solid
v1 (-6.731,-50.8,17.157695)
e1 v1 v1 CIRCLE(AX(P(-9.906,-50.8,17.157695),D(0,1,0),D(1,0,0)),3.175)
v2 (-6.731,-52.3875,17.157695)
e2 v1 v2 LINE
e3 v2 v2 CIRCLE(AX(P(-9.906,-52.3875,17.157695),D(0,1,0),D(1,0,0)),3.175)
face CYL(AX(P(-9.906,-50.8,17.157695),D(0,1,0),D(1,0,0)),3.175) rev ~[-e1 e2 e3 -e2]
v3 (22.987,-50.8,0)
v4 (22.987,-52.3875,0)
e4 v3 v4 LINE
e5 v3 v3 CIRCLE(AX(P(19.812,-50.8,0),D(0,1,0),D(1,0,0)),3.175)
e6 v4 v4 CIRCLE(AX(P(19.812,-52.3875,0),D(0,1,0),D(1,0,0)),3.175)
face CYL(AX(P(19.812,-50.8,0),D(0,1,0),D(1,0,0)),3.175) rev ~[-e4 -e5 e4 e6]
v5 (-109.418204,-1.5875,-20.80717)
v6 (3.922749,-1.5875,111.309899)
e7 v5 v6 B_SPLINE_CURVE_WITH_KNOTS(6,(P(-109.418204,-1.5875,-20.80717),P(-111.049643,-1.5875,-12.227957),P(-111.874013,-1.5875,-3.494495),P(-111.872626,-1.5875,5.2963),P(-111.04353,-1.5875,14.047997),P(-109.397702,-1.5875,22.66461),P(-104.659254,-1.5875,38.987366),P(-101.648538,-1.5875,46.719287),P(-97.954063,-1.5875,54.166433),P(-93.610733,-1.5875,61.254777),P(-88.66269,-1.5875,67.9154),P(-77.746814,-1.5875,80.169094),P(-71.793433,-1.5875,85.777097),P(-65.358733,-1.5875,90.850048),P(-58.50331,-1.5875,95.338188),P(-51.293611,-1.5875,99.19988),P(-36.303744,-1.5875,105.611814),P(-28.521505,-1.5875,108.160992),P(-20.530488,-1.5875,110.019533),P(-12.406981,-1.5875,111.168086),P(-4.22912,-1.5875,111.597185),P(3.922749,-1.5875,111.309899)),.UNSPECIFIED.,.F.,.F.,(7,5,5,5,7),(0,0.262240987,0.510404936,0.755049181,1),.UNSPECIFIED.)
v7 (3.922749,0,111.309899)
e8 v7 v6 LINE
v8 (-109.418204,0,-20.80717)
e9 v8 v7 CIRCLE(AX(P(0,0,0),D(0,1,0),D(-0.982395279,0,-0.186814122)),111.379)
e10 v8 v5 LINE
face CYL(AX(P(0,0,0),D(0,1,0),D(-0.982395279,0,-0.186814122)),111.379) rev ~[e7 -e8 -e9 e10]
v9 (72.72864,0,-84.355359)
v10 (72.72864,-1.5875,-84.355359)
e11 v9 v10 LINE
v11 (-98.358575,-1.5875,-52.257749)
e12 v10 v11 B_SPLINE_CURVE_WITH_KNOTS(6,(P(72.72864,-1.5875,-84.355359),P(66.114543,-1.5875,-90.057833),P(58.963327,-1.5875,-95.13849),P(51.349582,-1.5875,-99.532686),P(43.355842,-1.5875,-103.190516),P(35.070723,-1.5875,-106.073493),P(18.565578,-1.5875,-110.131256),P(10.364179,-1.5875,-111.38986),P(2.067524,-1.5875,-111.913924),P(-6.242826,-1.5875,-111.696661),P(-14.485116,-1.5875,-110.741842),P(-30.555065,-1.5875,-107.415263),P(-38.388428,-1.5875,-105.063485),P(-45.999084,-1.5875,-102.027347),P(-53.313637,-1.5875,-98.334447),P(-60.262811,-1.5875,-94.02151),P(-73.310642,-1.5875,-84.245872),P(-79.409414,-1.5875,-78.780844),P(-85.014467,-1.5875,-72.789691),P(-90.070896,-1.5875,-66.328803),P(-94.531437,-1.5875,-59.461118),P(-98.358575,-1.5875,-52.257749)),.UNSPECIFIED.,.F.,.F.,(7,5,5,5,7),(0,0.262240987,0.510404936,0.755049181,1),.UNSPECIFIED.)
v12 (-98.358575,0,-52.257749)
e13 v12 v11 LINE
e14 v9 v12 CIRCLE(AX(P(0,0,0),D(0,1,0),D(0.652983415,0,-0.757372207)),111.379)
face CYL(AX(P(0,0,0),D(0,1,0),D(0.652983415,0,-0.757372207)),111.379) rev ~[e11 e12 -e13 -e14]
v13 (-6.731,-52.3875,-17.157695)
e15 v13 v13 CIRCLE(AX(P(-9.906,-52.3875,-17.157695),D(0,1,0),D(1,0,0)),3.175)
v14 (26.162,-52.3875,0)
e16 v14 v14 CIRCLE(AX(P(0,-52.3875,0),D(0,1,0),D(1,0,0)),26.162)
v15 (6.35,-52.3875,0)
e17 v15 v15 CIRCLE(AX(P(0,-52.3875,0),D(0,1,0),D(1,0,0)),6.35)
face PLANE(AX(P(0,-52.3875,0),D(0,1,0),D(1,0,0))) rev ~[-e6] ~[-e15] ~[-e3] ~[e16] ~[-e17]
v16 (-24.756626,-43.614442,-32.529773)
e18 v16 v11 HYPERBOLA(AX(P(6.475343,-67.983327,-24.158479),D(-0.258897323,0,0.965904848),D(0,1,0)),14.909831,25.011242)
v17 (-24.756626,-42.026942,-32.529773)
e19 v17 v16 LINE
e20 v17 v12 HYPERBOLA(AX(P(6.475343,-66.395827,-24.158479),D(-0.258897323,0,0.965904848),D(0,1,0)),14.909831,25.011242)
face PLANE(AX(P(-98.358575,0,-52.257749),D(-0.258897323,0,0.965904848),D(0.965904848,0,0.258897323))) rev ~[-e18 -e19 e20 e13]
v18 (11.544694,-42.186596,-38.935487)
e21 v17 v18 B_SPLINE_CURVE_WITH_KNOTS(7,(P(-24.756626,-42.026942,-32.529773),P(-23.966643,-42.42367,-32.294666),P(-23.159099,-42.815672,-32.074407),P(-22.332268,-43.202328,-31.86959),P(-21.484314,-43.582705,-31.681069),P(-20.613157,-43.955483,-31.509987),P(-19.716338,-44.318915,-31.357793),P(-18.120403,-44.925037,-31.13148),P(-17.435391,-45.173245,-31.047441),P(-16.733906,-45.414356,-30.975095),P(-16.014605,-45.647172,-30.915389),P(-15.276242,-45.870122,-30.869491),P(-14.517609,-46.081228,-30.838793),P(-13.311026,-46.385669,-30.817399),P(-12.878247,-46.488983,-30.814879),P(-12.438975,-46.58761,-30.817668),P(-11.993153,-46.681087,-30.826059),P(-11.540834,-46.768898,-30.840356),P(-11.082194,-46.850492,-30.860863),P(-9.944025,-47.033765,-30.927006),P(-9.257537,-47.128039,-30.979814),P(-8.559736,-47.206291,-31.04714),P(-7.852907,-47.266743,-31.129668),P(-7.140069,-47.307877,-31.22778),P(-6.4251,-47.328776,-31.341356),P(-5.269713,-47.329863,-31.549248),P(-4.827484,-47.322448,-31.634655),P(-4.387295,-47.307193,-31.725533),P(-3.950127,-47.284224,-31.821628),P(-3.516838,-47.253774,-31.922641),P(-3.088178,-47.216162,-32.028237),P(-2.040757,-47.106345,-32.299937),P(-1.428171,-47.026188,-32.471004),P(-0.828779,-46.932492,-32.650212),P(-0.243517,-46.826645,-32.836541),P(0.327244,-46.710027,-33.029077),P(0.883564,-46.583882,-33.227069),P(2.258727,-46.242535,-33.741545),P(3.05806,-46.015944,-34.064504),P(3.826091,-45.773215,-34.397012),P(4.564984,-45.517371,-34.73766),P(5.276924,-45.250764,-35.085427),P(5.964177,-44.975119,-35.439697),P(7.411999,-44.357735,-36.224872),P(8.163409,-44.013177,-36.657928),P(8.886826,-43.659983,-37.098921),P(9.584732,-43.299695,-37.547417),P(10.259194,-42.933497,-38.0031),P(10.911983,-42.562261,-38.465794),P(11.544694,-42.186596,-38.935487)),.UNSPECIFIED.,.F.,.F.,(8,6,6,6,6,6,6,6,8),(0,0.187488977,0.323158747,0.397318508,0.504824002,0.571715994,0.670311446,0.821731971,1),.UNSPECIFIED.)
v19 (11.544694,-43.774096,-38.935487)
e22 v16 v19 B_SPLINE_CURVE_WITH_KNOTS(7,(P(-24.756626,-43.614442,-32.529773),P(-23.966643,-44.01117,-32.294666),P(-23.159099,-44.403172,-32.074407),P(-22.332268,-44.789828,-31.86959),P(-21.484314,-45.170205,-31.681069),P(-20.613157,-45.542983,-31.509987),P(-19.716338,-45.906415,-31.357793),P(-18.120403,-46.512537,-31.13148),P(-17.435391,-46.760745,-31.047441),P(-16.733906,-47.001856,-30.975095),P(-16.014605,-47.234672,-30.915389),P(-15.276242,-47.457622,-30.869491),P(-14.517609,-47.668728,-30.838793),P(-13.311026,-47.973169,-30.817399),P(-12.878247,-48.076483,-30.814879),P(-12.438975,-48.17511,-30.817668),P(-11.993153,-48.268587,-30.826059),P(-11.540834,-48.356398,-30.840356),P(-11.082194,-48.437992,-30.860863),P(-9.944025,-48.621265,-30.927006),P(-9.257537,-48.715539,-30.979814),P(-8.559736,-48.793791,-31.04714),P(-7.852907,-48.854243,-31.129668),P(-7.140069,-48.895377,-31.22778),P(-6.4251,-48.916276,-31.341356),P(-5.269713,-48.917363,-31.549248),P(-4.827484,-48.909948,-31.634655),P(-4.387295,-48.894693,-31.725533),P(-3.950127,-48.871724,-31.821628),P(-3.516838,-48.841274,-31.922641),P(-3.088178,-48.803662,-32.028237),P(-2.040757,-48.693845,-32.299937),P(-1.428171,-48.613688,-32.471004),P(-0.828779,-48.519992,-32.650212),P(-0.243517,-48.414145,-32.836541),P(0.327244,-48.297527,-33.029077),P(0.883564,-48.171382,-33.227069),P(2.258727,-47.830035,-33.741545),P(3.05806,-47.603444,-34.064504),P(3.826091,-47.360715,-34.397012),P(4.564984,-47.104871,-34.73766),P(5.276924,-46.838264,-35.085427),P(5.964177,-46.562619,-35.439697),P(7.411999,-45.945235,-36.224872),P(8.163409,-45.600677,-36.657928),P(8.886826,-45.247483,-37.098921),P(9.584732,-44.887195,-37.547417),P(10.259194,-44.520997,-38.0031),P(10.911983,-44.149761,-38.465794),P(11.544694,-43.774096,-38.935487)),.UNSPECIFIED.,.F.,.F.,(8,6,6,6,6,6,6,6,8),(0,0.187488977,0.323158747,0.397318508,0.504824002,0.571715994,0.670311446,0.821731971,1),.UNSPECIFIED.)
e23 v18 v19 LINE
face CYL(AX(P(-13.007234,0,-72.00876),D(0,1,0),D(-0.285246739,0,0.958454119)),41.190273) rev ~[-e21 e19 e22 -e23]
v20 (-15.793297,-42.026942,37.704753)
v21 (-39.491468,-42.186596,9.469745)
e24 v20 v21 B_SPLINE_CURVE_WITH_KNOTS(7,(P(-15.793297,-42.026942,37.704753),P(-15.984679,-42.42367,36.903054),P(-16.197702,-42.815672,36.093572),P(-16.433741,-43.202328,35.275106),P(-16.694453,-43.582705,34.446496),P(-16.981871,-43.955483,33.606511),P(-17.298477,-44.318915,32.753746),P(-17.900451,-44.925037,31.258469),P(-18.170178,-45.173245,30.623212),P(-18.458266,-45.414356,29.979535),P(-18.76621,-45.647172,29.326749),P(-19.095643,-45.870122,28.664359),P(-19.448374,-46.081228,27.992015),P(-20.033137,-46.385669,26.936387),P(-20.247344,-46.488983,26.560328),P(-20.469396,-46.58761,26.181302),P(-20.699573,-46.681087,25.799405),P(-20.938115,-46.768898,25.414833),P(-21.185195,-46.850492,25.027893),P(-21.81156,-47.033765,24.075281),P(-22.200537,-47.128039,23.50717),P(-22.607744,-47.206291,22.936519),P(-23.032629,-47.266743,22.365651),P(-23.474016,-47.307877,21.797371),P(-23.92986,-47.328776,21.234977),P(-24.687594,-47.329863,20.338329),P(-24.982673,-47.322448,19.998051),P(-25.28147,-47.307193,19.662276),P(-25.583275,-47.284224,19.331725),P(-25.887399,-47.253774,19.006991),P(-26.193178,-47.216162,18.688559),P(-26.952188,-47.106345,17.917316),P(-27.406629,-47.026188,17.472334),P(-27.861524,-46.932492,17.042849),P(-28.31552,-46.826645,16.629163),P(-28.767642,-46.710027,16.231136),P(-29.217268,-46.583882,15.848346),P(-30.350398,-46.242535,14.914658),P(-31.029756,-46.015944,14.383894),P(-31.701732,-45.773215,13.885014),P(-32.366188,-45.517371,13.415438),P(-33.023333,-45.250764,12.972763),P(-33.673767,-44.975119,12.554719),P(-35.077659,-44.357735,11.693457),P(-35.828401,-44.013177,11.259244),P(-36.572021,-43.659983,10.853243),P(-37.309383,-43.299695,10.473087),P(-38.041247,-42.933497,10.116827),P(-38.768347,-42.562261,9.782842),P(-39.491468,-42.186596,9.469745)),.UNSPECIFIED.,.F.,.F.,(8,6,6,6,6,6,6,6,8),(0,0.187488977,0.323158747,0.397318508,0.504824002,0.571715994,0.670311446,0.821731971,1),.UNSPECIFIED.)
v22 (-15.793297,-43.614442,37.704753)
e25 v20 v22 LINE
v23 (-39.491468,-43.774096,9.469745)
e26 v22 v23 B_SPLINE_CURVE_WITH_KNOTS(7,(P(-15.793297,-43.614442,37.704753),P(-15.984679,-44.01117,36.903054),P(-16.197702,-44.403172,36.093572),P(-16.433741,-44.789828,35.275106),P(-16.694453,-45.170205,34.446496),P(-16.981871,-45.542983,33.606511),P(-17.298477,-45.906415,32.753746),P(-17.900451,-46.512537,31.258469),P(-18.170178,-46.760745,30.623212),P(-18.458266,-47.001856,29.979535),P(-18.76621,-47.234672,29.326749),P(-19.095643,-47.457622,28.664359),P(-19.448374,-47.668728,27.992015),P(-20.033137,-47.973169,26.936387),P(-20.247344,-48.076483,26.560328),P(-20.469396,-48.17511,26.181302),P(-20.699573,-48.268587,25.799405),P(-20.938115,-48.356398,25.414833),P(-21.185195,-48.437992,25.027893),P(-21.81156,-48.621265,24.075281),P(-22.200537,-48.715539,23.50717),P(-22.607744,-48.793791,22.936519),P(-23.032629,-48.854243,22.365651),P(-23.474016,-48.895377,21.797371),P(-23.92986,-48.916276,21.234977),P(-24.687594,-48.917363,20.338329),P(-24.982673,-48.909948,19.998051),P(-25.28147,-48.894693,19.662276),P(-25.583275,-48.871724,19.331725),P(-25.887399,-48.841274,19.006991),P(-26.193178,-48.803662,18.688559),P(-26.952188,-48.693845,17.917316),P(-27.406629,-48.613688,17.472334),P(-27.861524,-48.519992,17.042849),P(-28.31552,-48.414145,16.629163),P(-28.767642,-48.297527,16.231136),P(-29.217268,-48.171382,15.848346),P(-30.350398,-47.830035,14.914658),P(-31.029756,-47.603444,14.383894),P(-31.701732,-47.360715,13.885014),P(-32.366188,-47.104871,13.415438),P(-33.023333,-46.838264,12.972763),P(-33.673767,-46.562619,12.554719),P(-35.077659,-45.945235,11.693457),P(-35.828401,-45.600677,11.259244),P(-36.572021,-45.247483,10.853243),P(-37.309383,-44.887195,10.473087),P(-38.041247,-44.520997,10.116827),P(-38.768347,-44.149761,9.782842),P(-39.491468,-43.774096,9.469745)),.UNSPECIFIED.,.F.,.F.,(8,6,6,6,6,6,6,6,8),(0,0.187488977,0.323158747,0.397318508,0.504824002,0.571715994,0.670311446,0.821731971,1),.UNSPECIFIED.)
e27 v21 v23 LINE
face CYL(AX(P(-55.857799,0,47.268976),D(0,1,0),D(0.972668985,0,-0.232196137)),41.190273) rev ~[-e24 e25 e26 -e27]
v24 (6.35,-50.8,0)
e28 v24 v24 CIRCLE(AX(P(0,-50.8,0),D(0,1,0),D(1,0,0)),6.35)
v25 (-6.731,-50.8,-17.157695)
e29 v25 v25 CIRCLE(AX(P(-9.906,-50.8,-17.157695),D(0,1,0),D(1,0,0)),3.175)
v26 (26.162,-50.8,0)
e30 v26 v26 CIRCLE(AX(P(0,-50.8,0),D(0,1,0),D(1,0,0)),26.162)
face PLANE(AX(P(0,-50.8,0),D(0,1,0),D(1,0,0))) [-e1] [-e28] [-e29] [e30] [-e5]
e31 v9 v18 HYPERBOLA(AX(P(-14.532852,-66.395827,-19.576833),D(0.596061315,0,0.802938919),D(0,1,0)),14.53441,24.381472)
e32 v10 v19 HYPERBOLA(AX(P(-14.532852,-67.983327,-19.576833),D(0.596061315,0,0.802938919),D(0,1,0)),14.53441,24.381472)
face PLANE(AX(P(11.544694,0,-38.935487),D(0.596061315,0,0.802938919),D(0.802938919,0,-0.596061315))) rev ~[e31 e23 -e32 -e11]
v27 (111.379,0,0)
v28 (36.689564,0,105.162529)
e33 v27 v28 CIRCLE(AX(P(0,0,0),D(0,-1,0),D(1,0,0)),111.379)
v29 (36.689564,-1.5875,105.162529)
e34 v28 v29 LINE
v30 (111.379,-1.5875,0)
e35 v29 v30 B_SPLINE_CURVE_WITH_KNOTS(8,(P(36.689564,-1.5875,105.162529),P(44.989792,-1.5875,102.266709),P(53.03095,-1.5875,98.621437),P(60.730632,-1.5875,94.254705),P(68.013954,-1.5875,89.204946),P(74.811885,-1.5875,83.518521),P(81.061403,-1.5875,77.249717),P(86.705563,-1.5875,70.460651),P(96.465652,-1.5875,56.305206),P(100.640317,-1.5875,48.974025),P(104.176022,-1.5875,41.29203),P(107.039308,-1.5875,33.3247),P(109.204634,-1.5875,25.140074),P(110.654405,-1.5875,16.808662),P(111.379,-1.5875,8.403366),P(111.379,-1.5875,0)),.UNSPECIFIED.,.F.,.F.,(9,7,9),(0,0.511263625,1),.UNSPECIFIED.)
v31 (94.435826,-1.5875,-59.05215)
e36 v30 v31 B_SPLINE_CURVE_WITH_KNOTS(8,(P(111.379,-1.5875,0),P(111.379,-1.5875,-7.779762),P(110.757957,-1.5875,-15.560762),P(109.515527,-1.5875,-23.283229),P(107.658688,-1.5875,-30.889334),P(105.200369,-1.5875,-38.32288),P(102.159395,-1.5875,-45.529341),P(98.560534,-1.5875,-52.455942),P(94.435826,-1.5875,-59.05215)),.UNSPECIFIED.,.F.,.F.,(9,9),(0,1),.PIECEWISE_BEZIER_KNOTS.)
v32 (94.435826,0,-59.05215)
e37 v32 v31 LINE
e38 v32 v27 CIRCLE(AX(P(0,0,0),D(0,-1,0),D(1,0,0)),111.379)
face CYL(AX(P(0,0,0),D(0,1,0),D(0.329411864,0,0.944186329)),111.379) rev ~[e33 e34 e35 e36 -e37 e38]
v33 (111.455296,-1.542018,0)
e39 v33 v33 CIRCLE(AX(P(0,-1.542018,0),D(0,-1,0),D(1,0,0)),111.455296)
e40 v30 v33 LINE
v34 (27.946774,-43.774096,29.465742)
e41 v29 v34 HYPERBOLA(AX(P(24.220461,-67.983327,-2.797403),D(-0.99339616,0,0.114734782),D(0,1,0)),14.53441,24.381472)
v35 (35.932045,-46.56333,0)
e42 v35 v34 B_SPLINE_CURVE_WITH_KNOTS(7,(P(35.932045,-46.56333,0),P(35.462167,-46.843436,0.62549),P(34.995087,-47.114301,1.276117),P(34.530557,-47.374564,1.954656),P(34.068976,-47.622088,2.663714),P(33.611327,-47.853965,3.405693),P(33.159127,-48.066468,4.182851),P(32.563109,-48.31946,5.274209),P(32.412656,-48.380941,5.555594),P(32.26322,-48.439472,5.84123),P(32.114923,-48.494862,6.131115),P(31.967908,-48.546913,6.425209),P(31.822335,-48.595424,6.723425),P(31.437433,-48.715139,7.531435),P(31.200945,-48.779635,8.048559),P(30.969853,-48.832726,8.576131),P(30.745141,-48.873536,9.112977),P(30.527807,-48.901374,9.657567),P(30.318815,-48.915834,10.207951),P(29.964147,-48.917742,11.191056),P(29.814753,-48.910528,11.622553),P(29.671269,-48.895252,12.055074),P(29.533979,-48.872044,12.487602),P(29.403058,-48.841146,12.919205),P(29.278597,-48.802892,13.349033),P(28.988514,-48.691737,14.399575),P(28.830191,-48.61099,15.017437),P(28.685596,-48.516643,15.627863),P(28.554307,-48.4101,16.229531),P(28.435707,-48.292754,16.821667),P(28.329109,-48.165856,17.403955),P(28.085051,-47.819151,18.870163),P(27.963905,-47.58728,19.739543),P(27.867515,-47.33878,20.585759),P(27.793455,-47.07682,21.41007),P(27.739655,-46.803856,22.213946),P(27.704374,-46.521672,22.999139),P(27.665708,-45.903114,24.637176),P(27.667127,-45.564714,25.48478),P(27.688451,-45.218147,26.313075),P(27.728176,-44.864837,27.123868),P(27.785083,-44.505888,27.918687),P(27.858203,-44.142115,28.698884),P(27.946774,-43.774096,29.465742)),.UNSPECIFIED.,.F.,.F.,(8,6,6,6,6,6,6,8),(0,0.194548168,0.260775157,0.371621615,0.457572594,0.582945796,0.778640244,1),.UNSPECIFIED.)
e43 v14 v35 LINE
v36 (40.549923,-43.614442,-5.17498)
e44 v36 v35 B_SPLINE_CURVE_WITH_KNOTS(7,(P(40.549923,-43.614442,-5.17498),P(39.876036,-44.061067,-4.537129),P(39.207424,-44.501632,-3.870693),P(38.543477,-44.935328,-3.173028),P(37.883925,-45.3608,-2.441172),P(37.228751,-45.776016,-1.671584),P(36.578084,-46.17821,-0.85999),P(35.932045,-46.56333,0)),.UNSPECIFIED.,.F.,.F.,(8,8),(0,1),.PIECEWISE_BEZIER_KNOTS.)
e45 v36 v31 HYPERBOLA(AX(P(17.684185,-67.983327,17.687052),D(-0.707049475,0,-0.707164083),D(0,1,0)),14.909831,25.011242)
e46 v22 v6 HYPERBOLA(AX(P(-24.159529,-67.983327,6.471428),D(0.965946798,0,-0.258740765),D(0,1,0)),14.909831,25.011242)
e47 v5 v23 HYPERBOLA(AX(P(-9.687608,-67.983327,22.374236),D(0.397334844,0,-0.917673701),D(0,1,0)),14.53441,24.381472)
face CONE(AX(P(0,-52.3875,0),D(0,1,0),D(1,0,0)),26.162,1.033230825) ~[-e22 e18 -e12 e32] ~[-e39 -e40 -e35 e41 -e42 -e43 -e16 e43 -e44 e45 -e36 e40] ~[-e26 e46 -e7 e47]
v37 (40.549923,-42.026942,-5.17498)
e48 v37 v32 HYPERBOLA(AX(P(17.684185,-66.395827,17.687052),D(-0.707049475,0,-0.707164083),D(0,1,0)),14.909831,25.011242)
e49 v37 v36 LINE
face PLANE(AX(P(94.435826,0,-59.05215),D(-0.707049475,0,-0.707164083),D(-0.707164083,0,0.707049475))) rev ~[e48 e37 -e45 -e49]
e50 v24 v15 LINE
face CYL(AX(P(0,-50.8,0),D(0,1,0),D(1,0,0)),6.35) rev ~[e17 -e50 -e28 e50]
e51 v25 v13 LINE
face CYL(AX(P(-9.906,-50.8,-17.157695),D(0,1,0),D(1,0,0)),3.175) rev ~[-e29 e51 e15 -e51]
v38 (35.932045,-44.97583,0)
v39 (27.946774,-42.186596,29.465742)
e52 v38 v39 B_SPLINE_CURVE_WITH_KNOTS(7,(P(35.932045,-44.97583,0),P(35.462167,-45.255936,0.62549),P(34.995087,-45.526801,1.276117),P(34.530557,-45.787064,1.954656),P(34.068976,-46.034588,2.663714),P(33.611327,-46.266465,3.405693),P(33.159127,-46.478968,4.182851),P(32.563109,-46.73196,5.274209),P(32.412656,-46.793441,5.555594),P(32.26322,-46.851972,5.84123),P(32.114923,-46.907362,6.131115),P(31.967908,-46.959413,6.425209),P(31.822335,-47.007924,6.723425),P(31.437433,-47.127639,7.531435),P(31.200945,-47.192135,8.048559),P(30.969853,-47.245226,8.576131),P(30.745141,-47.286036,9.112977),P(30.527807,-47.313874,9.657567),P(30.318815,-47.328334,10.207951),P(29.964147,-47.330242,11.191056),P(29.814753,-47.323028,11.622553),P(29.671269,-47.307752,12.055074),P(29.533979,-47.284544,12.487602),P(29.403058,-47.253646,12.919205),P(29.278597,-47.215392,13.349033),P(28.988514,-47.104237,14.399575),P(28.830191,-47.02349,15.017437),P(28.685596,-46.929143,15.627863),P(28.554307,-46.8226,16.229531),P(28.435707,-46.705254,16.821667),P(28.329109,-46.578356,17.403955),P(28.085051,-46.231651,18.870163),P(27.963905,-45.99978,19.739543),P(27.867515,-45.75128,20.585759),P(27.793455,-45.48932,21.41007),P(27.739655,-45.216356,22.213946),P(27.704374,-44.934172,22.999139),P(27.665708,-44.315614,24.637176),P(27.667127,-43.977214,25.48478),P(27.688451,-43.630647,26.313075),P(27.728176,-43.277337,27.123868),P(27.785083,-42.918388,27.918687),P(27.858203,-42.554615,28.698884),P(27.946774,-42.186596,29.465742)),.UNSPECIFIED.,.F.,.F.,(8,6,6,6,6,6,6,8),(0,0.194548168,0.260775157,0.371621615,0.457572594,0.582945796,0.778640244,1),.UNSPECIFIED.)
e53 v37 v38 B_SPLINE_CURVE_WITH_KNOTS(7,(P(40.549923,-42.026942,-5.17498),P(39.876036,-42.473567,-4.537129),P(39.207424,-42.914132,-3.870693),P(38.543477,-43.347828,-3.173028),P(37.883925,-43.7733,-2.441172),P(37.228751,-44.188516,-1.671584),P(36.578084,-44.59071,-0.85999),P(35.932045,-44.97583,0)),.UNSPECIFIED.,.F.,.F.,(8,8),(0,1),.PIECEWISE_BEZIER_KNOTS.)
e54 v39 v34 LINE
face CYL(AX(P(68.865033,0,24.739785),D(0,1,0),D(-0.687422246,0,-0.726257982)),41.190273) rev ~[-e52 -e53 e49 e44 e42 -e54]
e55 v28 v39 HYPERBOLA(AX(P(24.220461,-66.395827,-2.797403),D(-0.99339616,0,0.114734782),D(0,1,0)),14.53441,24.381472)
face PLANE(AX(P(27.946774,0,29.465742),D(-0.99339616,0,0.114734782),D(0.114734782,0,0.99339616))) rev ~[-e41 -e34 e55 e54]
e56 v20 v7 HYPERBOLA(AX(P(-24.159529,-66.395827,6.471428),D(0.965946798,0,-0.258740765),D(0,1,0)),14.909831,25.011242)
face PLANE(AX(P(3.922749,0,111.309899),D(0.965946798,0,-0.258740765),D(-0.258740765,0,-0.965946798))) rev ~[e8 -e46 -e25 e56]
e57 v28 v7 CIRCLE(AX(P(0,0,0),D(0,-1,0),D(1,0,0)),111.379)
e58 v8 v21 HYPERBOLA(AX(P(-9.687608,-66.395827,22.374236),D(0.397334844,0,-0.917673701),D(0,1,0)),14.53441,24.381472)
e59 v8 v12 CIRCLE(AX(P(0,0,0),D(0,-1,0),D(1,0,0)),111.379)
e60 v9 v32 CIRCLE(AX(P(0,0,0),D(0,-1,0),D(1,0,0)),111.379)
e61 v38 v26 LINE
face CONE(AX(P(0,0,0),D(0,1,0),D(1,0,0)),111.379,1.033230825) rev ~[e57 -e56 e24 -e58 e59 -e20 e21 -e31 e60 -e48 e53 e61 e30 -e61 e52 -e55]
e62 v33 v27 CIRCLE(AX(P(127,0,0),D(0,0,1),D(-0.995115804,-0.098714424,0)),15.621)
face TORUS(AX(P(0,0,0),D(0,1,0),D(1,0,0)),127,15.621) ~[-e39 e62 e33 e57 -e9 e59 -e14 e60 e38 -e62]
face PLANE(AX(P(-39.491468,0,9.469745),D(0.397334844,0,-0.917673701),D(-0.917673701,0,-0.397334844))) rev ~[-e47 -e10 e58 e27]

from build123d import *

# Parameters (mm, degrees)
SKETCH7_R           = 26.162
BOSS_EXTRUDE4_DEPTH = 52.3875
SKETCH8_R           = 26.162
CUT_EXTRUDE1_DEPTH  = 50.8
SKETCH9_R           = 15.621
CUT_EXTRUDE2_DEPTH  = 50.8
SKETCH11_R          = 6.35
SKETCH11_R_2        = 3.175
CUT_EXTRUDE3_DEPTH  = 2.54


with BuildPart() as part:
    # Sketch7 → Boss-Extrude4 (new body)
    with BuildSketch(Plane(origin=(0, 0, 0), x_dir=(1, 0, 0), z_dir=(0, 1, 0))):
        Circle(SKETCH7_R)
    extrude(amount=-BOSS_EXTRUDE4_DEPTH)

    # Sketch8 → Cut-Extrude1 (cut)
    with BuildSketch(Plane(origin=(0, 0, 0), x_dir=(1, 0, 0), z_dir=(0, 1, 0))):
        Circle(SKETCH8_R)
    extrude(amount=-CUT_EXTRUDE1_DEPTH, mode=Mode.SUBTRACT)

    # Sketch9 → Revolve4 (revolve)
    with BuildSketch(Plane.XY):
        with Locations((127, 0)):
            Circle(SKETCH9_R)
        with BuildLine():
            Line((111.379, 0), (26.162, -50.8))
            Line((26.162, -50.8), (26.162, -52.3875))
            Line((26.162, -52.3875), (111.455296032, -1.542018014))
            ThreePointArc((111.455296032, -1.542018014), (111.398085667, -0.771952174), (111.379, 0))
        make_face()
    revolve(axis=Axis((0, 0, 0), (0, -1, 0)))

    # Sketch10 → Cut-Extrude2 (cut)
    with BuildSketch(Plane(origin=(0, 0, 0), x_dir=(1, 0, 0), z_dir=(0, 1, 0))):
        with BuildLine():
            Line((94.435825911, 59.05215005), (40.549922786, 5.174980076))
            ThreePointArc((40.549922786, 5.174980076), (30.157026479, -10.65685708), (27.946773619, -29.465741782))
            Line((27.946773619, -29.465741782), (36.689563988, -105.162529141))
            ThreePointArc((36.689563988, -105.162529141), (105.071795381, -36.94860561), (94.435825911, 59.05215005))
        make_face()
        with BuildLine():
            Line((11.544694115, 38.935486799), (72.728639768, 84.355359038))
            ThreePointArc((72.728639768, 84.355359038), (-20.537466598, 109.469146826), (-98.358575047, 52.257749241))
            Line((-98.358575047, 52.257749241), (-24.756625603, 32.529773216))
            ThreePointArc((-24.756625603, 32.529773216), (-5.849404283, 31.445179573), (11.544694115, 38.935486799))
        make_face()
        with BuildLine():
            Line((3.922749136, -111.309899291), (-15.793297183, -37.704753292))
            ThreePointArc((-15.793297183, -37.704753292), (-24.307622195, -20.788322493), (-39.491467734, -9.469745017))
            Line((-39.491467734, -9.469745017), (-109.418203757, 20.807170103))
            ThreePointArc((-109.418203757, 20.807170103), (-84.534328783, -72.520541216), (3.922749136, -111.309899291))
        make_face()
    extrude(amount=-CUT_EXTRUDE2_DEPTH, mode=Mode.SUBTRACT)

    # Sketch11 → Cut-Extrude3 (cut)
    with BuildSketch(Plane(origin=(0, -50.8, 0), x_dir=(1, 0, 0), z_dir=(0, 1, 0))):
        Circle(SKETCH11_R)
        with Locations((19.812, 0)):
            Circle(SKETCH11_R_2)
        with Locations((-9.906, 17.1576953)):
            Circle(SKETCH11_R_2)
        with Locations((-9.906, -17.1576953)):
            Circle(SKETCH11_R_2)
    extrude(amount=-CUT_EXTRUDE3_DEPTH, mode=Mode.SUBTRACT)


solid = part.part
